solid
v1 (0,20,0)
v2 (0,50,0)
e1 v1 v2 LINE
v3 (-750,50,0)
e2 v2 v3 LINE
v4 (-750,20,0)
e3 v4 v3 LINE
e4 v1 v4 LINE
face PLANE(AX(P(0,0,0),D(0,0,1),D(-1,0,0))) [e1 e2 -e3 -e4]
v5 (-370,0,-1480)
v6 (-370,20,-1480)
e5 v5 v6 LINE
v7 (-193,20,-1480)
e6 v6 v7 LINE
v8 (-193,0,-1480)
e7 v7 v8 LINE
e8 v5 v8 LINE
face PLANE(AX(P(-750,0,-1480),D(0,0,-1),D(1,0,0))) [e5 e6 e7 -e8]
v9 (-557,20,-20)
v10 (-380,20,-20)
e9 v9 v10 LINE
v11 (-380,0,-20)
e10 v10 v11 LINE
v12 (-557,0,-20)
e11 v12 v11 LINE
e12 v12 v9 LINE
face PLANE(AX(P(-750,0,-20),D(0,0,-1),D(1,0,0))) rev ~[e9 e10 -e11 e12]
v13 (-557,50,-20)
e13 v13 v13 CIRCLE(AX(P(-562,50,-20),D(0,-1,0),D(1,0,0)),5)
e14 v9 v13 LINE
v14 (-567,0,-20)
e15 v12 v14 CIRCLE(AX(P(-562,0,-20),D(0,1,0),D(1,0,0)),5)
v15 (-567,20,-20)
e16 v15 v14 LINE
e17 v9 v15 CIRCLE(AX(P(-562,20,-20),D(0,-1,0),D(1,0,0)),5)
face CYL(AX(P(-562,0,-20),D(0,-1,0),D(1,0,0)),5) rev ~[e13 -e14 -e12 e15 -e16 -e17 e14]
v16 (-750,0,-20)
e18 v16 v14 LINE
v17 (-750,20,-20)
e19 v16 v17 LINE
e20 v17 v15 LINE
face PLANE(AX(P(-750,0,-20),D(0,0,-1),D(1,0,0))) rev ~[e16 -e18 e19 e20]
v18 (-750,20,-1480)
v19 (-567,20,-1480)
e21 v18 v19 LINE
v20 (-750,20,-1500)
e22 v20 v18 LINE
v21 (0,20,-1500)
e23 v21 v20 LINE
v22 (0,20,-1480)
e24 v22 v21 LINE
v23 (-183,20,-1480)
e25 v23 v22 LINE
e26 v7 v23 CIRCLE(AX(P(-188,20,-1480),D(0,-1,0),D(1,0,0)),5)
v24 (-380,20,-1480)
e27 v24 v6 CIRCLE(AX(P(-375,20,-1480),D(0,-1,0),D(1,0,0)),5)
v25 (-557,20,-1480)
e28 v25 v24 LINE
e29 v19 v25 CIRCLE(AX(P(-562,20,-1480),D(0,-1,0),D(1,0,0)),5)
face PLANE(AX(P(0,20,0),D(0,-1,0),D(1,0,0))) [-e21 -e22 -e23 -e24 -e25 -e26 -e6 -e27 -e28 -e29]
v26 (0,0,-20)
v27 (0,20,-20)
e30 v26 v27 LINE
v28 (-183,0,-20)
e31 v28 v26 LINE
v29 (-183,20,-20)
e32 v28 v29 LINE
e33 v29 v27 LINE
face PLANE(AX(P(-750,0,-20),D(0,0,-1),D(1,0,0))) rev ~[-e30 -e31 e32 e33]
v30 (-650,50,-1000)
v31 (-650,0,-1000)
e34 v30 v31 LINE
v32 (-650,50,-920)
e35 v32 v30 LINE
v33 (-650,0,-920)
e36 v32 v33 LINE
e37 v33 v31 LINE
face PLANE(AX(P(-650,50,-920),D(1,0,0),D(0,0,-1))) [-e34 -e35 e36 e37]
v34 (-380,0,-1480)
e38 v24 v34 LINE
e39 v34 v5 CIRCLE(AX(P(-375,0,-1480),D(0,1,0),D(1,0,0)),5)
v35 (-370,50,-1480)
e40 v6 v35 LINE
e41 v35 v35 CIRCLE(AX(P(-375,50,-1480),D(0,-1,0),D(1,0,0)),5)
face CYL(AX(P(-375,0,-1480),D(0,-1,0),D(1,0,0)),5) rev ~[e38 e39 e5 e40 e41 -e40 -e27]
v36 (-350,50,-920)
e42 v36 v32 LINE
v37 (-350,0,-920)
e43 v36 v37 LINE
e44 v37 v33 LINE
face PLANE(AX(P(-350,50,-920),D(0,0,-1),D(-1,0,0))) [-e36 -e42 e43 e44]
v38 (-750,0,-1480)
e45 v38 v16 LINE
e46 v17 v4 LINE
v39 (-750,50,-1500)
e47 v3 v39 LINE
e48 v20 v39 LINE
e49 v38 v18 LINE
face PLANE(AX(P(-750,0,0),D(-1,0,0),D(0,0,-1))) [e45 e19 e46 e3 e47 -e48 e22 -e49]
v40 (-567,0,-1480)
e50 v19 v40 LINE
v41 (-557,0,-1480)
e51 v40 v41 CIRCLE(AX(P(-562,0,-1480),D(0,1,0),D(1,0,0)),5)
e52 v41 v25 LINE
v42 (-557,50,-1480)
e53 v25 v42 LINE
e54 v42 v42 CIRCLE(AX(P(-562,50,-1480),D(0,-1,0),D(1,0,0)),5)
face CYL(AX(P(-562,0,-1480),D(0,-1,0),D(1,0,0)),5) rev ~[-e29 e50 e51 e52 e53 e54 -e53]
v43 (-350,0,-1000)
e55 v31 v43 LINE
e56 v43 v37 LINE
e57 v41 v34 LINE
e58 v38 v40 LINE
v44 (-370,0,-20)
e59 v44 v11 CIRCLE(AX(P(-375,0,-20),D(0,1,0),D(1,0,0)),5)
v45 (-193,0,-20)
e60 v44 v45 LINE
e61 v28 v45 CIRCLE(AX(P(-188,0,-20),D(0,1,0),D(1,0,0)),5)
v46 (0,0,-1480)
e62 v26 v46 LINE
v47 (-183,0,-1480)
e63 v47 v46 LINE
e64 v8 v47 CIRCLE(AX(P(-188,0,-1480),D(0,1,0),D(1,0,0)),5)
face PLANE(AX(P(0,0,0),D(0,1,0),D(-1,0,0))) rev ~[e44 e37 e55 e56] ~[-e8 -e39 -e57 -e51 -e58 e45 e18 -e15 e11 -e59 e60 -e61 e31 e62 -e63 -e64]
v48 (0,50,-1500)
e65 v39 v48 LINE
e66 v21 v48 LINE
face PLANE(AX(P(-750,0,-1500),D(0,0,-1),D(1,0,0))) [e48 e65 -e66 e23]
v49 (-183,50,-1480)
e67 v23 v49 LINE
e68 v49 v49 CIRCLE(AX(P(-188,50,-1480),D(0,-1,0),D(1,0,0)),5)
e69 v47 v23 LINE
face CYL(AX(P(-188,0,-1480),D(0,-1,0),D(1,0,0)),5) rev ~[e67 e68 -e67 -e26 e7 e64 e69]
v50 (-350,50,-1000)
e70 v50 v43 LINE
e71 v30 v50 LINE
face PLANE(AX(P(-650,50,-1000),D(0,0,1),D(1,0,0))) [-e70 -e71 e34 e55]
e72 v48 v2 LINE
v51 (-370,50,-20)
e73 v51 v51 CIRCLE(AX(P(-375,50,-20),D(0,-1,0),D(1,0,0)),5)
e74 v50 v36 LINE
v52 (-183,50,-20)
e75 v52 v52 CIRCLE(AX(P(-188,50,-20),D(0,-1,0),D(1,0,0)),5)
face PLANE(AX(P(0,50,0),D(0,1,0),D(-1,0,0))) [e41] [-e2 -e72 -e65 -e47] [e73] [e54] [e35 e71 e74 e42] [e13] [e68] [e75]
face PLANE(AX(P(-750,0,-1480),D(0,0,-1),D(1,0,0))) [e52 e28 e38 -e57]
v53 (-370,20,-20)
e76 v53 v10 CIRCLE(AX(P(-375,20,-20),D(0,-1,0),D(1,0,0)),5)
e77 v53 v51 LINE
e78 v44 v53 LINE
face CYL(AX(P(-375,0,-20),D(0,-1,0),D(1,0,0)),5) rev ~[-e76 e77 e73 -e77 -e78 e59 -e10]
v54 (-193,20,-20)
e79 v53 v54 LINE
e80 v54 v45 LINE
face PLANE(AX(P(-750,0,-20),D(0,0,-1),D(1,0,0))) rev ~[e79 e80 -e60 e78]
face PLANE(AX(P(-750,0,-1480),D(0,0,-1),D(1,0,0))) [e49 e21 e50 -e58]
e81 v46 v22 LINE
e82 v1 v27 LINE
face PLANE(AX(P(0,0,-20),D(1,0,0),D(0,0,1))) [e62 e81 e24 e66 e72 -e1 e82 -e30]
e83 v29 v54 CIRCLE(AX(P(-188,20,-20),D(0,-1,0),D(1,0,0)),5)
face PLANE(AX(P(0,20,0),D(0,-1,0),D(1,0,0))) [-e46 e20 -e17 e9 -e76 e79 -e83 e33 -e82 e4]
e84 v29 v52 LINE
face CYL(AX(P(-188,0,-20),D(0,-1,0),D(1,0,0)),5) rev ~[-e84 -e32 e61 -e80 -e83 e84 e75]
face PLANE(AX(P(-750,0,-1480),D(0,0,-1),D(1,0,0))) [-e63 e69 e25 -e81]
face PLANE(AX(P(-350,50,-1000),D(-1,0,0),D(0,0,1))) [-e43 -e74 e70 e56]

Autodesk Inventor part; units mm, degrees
ref_plane "YZ Plane" through (0, 0, 0) normal (1, 0, 0) x (0, 1, 0)
ref_plane "XZ Plane" through (0, 0, 0) normal (0, 1, 0) x (-1, 0, 0)
ref_plane "XY Plane" through (0, 0, 0) normal (0, 0, 1) x (1, 0, 0)
sketch "Sketch1" plane through (0, 0, 0) normal (0, 1, 0) x (-1, 0, 0)
  line L0 (0, 0) -> (750, 0)
  line L1 (750, 0) -> (750, -1500)
  line L2 (750, -1500) -> (0, -1500)
  line L3 (0, -1500) -> (0, 0)
  line L4 (750, -1500) -> (750, -1480)
  line L5 (750, -1480) -> (0, -1480)
  line L6 (0, -1500) -> (750, -1500)
  line L7 (0, 0) -> (0, -20)
  line L8 (0, -20) -> (750, -20)
  line L9 (750, 0) -> (0, 0)
  dimension "d2" = 750
  dimension "d3" = 1500
  dimension "d6" = 20
  dimension "d7" = 20
extrude "Extrusion1" add sketch "Sketch1" along normal blind 50
sketch "Sketch2" plane through (0, 0, 0) normal (0, -1, 0) x (1, 0, 0)
  line L0 (0, 0) -> (0, -1500) projected
  line L1 (-750, -1500) -> (-750, 0) projected
  line L2 (0, 0) -> (-750, 0)
  line L3 (-750, 0) -> (-750, -20)
  line L4 (-750, -20) -> (0, -20)
  line L5 (0, -20) -> (0, 0)
  line L6 (0, -1500) -> (-750, -1500)
  line L7 (-750, -1500) -> (-750, -1480)
  line L8 (-750, -1480) -> (0, -1480)
  line L9 (0, -1480) -> (0, -1500)
  dimension "d8" = 20
  dimension "d9" = 20
extrude "Extrusion2" cut sketch "Sketch2" against normal blind 20 contours L0 L4 L1 L2 | L0 L6 L1 L8
sketch "Sketch3" plane through (0, 0, 0) normal (0, -1, 0) x (1, 0, 0)
  line L0 (0, -20) -> (0, -1480) projected
  circle A0 centre (-562, -20) radius 5
  circle A1 centre (-375, -20) radius 5
  circle A2 centre (-188, -20) radius 5
  line L1 (-750, -1480) -> (0, -1480) projected
  line L2 (-188, -20) -> (1272, -20) construction
  line L3 (-375, -20) -> (1085, -20) construction
  line L4 (0, -20) -> (-750, -20) projected
  line L5 (-562, -20) -> (898, -20) construction
  circle A3 centre (-562, -1480) radius 5
  circle A4 centre (-375, -1480) radius 5
  circle A5 centre (-188, -1480) radius 5
  point P0 (0, 0)
  dimension "d15" = 10
  dimension "d16" = 10
  dimension "d17" = 10
  dimension "d24" = 10
  dimension "d25" = 10
  dimension "d26" = 10
extrude "Extrusion3" cut sketch "Sketch3" against normal blind 61.275
thread "Thread1" size "M10x1.5" class "6H" standard "ANSI Metric M Profile" full length
thread "Thread2" size "M10x1.5" class "6H" standard "ANSI Metric M Profile" full length
thread "Thread3" size "M10x1.5" class "6H" standard "ANSI Metric M Profile" full length
thread "Thread4" size "M10x1.5" class "6H" standard "ANSI Metric M Profile" full length
thread "Thread5" size "M10x1.5" class "6H" standard "ANSI Metric M Profile" full length
thread "Thread6" size "M10x1.5" class "6H" standard "ANSI Metric M Profile" full length
sketch "Sketch4" plane through (0, 50, 0) normal (0, 1, 0) x (1, 0, 0)
  line L0 (-650, 1000) -> (-350, 1000)
  line L1 (-350, 1000) -> (-350, 920)
  line L2 (-350, 920) -> (-650, 920)
  line L3 (-650, 920) -> (-650, 1000)
  point P0 (0, 0)
  point P1 (-750, 1500)
  dimension "d47" = 300
  dimension "d48" = 80
extrude "Extrusion4" cut sketch "Sketch4" against normal blind 220.025
properties part number "bench"
